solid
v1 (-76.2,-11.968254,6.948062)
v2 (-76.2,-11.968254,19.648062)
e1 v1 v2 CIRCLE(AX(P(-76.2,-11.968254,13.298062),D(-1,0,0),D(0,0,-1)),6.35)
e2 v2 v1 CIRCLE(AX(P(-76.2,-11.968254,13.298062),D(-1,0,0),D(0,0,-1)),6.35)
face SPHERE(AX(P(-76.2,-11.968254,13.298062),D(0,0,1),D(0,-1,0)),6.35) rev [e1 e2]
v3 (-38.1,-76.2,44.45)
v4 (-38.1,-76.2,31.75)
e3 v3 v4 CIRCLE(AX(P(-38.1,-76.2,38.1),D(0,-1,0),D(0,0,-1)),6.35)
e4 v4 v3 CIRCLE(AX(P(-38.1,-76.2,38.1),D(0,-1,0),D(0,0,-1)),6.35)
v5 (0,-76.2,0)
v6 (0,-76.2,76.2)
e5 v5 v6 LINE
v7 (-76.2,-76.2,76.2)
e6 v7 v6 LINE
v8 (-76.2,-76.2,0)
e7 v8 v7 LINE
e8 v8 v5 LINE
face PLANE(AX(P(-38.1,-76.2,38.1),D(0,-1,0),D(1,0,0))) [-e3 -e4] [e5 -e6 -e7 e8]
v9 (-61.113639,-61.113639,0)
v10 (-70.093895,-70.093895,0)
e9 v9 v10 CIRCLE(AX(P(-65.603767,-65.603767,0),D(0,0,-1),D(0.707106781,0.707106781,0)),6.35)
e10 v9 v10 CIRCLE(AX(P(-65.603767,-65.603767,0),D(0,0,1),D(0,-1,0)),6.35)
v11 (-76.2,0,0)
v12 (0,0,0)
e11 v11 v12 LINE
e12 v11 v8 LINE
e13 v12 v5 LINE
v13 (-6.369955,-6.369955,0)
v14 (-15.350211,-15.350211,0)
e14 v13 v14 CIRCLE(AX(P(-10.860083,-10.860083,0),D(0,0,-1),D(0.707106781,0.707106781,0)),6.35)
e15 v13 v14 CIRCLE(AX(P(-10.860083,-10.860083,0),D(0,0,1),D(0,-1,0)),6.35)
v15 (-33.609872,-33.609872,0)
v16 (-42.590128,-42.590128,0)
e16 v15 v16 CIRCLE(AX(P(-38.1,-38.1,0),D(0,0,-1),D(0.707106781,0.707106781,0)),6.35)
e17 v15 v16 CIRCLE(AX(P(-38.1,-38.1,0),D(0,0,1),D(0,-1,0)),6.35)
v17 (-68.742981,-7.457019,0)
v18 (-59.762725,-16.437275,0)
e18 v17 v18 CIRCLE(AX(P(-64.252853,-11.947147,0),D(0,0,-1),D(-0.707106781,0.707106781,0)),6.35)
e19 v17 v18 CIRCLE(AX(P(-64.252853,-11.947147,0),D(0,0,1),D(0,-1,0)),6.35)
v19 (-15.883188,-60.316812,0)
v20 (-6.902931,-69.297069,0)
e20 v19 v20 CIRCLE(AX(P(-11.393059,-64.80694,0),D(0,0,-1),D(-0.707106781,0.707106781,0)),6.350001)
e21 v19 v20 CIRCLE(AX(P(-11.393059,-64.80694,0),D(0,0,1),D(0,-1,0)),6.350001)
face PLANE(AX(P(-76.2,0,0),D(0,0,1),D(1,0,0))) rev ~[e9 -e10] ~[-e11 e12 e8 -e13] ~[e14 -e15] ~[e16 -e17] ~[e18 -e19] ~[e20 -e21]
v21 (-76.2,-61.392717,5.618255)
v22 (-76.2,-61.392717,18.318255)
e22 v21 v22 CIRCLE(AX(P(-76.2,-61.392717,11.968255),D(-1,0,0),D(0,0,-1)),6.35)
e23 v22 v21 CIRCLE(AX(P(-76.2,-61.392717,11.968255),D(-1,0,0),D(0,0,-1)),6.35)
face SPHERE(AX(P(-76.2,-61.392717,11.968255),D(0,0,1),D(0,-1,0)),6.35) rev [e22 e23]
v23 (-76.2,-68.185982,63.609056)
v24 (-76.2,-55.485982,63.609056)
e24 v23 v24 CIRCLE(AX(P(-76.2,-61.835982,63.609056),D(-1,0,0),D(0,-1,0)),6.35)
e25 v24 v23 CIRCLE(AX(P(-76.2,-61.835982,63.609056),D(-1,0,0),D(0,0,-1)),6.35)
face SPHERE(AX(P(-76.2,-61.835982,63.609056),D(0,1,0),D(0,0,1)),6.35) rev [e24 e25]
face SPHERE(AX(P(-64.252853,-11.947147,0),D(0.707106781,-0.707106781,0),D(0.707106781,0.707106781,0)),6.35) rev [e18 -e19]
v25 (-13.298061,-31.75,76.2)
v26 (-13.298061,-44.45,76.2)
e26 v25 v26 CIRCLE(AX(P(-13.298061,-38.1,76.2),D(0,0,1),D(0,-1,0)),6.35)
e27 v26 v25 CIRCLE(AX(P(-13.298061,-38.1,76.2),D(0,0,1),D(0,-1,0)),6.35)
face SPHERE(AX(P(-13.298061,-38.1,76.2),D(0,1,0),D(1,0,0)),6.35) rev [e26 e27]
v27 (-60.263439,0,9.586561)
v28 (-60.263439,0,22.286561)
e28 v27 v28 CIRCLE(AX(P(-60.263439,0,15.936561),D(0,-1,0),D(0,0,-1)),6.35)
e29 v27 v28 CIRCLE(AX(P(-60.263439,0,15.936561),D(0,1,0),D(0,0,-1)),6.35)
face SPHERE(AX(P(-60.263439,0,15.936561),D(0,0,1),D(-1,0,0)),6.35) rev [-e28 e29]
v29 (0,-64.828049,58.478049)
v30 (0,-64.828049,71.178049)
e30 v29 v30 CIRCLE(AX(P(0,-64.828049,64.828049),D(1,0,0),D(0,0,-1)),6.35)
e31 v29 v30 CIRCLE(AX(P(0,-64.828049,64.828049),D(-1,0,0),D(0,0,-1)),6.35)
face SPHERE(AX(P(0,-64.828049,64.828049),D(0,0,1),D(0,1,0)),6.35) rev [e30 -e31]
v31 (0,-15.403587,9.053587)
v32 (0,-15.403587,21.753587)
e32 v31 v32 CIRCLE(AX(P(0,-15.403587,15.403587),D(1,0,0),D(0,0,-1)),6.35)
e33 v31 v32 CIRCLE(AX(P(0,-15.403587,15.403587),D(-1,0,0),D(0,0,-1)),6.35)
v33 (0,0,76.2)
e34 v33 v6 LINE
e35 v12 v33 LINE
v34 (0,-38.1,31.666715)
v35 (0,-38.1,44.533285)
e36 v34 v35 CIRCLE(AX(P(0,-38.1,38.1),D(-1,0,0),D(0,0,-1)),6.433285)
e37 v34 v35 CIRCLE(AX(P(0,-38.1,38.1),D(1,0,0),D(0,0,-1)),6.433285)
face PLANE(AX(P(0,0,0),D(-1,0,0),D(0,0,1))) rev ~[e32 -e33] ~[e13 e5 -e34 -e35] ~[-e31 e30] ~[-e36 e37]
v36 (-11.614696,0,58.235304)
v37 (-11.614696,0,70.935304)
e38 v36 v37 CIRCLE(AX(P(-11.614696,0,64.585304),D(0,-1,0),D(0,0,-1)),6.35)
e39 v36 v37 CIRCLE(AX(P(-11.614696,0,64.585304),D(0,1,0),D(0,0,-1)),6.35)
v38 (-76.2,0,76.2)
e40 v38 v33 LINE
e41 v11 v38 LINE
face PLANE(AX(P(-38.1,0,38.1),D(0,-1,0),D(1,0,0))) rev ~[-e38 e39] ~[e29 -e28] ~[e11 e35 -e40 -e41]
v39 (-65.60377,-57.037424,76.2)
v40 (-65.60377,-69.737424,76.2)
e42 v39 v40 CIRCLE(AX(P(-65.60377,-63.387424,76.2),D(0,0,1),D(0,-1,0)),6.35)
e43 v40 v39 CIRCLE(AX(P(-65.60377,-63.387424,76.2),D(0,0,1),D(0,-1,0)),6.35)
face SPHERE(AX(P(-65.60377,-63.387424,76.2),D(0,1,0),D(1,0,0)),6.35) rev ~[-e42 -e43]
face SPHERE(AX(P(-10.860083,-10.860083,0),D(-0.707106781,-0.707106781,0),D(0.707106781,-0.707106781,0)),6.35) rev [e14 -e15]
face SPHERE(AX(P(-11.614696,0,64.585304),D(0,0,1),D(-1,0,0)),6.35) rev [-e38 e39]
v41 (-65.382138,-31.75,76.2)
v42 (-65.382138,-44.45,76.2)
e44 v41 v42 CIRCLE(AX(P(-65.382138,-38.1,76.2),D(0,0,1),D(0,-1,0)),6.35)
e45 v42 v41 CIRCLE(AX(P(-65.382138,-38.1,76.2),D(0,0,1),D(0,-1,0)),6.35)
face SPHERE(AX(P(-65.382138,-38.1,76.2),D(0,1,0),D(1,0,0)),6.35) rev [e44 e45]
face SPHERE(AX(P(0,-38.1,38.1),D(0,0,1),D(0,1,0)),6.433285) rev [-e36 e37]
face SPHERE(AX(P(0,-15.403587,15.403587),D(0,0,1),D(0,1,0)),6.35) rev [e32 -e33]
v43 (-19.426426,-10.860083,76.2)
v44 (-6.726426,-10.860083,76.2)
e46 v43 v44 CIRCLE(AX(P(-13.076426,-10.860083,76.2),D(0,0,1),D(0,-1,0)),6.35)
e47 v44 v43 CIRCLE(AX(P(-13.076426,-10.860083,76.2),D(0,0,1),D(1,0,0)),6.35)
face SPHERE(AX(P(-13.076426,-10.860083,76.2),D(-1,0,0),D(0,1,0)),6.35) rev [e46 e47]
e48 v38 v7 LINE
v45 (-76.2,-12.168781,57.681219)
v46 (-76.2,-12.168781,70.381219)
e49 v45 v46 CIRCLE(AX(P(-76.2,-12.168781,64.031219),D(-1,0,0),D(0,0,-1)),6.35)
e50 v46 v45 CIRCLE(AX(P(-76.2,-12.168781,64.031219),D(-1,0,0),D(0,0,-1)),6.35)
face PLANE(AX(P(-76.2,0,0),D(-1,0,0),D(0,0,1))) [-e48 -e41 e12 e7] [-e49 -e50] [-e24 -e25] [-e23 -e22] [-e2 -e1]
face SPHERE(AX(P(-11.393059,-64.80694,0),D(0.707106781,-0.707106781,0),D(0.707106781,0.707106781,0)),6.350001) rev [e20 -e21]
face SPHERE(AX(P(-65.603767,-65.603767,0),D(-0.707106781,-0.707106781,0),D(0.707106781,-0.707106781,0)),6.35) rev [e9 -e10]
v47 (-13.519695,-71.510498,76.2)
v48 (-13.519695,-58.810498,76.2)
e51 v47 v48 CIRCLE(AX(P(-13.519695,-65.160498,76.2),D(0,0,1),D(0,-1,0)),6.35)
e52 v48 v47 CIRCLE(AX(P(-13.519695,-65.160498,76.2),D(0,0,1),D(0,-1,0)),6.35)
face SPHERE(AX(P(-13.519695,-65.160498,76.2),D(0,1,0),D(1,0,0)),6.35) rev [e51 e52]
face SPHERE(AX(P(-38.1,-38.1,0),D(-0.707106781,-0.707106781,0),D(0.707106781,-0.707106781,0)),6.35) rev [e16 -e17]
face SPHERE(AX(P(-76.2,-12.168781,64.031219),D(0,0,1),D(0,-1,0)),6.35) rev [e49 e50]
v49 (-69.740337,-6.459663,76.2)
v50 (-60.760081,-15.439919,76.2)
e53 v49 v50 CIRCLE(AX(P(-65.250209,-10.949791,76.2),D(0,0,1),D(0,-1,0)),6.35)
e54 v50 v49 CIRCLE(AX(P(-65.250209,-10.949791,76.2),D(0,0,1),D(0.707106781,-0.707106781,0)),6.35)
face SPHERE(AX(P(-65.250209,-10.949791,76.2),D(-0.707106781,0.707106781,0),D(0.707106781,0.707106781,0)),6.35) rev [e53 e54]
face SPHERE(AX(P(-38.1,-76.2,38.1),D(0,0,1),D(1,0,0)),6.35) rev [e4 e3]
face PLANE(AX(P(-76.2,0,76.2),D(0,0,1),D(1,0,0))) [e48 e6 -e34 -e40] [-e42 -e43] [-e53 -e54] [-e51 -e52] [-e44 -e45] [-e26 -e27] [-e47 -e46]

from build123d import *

# Parameters (mm, degrees)
F0_W     = 76.2
F0_H     = 76.2
F1_DEPTH = 76.2


with BuildPart() as f1:
    # F0 (on Front) → F1 (new body)
    with BuildSketch(Plane.XZ):
        with Locations((-38.1, 38.1)):
            Rectangle(F0_W, F0_H)
    extrude(amount=F1_DEPTH)

    # F2 (on face) → F3 (revolve, cut)
    with BuildSketch(Plane.XZ.offset(76.2)):
        with BuildLine():
            ThreePointArc((-38.1, 31.75), (-31.75, 38.1), (-38.1, 44.45))
            Line((-38.1, 44.45), (-38.1, 31.75))
        make_face()
    revolve(axis=Axis((-38.1, -76.2, 38.1), (0, 0, -1)), mode=Mode.SUBTRACT)

    # F4 (on face) → F5 (revolve, cut)
    with BuildSketch(Plane(origin=(0, 0, 0), x_dir=(-1, 0, 0), z_dir=(0, 1, 0))):
        with BuildLine():
            Line((11.614696, 70.935304), (11.614696, 58.235304))
            ThreePointArc((11.614696, 58.235304), (17.964696, 64.585304), (11.614696, 70.935304))
        make_face()
    revolve(axis=Axis((-11.614696, 0, 38.1), (0, 0, -1)), mode=Mode.SUBTRACT)

    # F6 (on face) → F7 (revolve, cut)
    with BuildSketch(Plane(origin=(0, 0, 0), x_dir=(-1, 0, 0), z_dir=(0, 1, 0))):
        with BuildLine():
            Line((60.263439, 22.286561), (60.263439, 9.586561))
            ThreePointArc((60.263439, 9.586561), (66.613439, 15.936561), (60.263439, 22.286561))
        make_face()
    revolve(axis=Axis((-60.263439, 0, 38.1), (0, 0, -1)), mode=Mode.SUBTRACT)

    # F8 (on face) → F9 (revolve, cut)
    with BuildSketch(Plane.YZ):
        with BuildLine():
            Line((-64.828049, 71.178049), (-64.828049, 58.478049))
            ThreePointArc((-64.828049, 58.478049), (-58.478049, 64.828049), (-64.828049, 71.178049))
        make_face()
    revolve(axis=Axis((0, -64.828049, 38.1), (0, 0, -1)), mode=Mode.SUBTRACT)

    # F10 (on face) → F11 (revolve, cut)
    with BuildSketch(Plane.YZ):
        with BuildLine():
            Line((-38.1, 44.533285), (-38.1, 31.666715))
            ThreePointArc((-38.1, 31.666715), (-31.666715, 38.1), (-38.1, 44.533285))
        make_face()
    revolve(axis=Axis((0, -38.1, 38.1), (0, 0, -1)), mode=Mode.SUBTRACT)

    # F12 (on face) → F13 (revolve, cut)
    with BuildSketch(Plane.YZ):
        with BuildLine():
            Line((-15.403587, 21.753587), (-15.403587, 9.053587))
            ThreePointArc((-15.403587, 9.053587), (-9.053587, 15.403587), (-15.403587, 21.753587))
        make_face()
    revolve(axis=Axis((0, -15.403587, 38.1), (0, 0, -1)), mode=Mode.SUBTRACT)

    # F14 (on face) → F15 (revolve, cut)
    with BuildSketch(Plane(origin=(-76.2, 0, 0), x_dir=(0, -1, 0), z_dir=(-1, 0, 0))):
        with BuildLine():
            Line((12.168781, 70.381219), (12.168781, 57.681219))
            ThreePointArc((12.168781, 57.681219), (18.518781, 64.031219), (12.168781, 70.381219))
        make_face()
    revolve(axis=Axis((-76.2, -12.168781, 38.1), (0, 0, -1)), mode=Mode.SUBTRACT)

    # F16 (on face) → F17 (revolve, cut)
    with BuildSketch(Plane(origin=(-76.2, 0, 0), x_dir=(0, -1, 0), z_dir=(-1, 0, 0))):
        with BuildLine():
            ThreePointArc((11.968254, 6.948062), (18.318254, 13.298062), (11.968254, 19.648062))
            Line((11.968254, 19.648062), (11.968254, 6.948062))
        make_face()
    revolve(axis=Axis((-76.2, -11.968254, 38.1), (0, 0, -1)), mode=Mode.SUBTRACT)

    # F18 (on face) → F19 (revolve, cut)
    with BuildSketch(Plane(origin=(-76.2, 0, 0), x_dir=(0, -1, 0), z_dir=(-1, 0, 0))):
        with BuildLine():
            ThreePointArc((68.185982, 63.609056), (61.835982, 69.959056), (55.485982, 63.609056))
            Line((55.485982, 63.609056), (68.185982, 63.609056))
        make_face()
    revolve(axis=Axis((-76.2, -38.1, 63.609056), (0, -1, 0)), mode=Mode.SUBTRACT)

    # F20 (on face) → F21 (revolve, cut)
    with BuildSketch(Plane(origin=(-76.2, 0, 0), x_dir=(0, -1, 0), z_dir=(-1, 0, 0))):
        with BuildLine():
            ThreePointArc((61.392717, 5.618255), (67.742717, 11.968255), (61.392717, 18.318255))
            Line((61.392717, 18.318255), (61.392717, 5.618255))
        make_face()
    revolve(axis=Axis((-76.2, -61.392717, 38.1), (0, 0, -1)), mode=Mode.SUBTRACT)

    # F22 (on face) → F23 (revolve, cut)
    with BuildSketch(Plane(origin=(0, 0, 0), x_dir=(1, 0, 0), z_dir=(0, 0, -1))):
        with BuildLine():
            ThreePointArc((-61.113639, 61.113639), (-61.113639, 70.093895), (-70.093895, 70.093895))
            Line((-70.093895, 70.093895), (-61.113639, 61.113639))
        make_face()
    revolve(axis=Axis((-38.1, -38.1, 0), (0.707107, 0.707107, 0)), mode=Mode.SUBTRACT)

    # F24 (on face) → F25 (revolve, cut)
    with BuildSketch(Plane(origin=(0, 0, 0), x_dir=(1, 0, 0), z_dir=(0, 0, -1))):
        with BuildLine():
            ThreePointArc((-33.609872, 33.609872), (-33.609872, 42.590128), (-42.590128, 42.590128))
            Line((-42.590128, 42.590128), (-33.609872, 33.609872))
        make_face()
    revolve(axis=Axis((-38.1, -38.1, 0), (0.707107, 0.707107, 0)), mode=Mode.SUBTRACT)

    # F26 (on face) → F27 (revolve, cut)
    with BuildSketch(Plane(origin=(0, 0, 0), x_dir=(1, 0, 0), z_dir=(0, 0, -1))):
        with BuildLine():
            ThreePointArc((-6.369955, 6.369955), (-6.369955, 15.350211), (-15.350211, 15.350211))
            Line((-15.350211, 15.350211), (-6.369955, 6.369955))
        make_face()
    revolve(axis=Axis((-38.1, -38.1, 0), (0.707107, 0.707107, 0)), mode=Mode.SUBTRACT)

    # F28 (on face) → F29 (revolve, cut)
    with BuildSketch(Plane(origin=(0, 0, 0), x_dir=(1, 0, 0), z_dir=(0, 0, -1))):
        with BuildLine():
            ThreePointArc((-68.742981, 7.457019), (-59.762725, 7.457019), (-59.762725, 16.437275))
            Line((-59.762725, 16.437275), (-68.742981, 7.457019))
        make_face()
    revolve(axis=Axis((-38.1, -38.1, 0), (-0.707107, 0.707107, 0)), mode=Mode.SUBTRACT)

    # F30 (on face) → F31 (revolve, cut)
    with BuildSketch(Plane(origin=(0, 0, 0), x_dir=(1, 0, 0), z_dir=(0, 0, -1))):
        with BuildLine():
            ThreePointArc((-15.883188, 60.316812), (-6.902931, 60.316812), (-6.902931, 69.297069))
            Line((-6.902931, 69.297069), (-15.883188, 60.316812))
        make_face()
    revolve(axis=Axis((-38.1, -38.1, 0), (-0.707107, 0.707107, 0)), mode=Mode.SUBTRACT)

    # F32 (on face) → F33 (revolve, cut)
    with BuildSketch(Plane.XY.offset(76.2)):
        with BuildLine():
            ThreePointArc((-60.760081, -15.439919), (-60.760081, -6.459663), (-69.740337, -6.459663))
            Line((-69.740337, -6.459663), (-60.760081, -15.439919))
        make_face()
    revolve(axis=Axis((-38.1, -38.1, 76.2), (0.707107, -0.707107, 0)), mode=Mode.SUBTRACT)

    # F34 (on face) → F35 (revolve, cut)
    with BuildSketch(Plane.XY.offset(76.2)):
        with BuildLine():
            ThreePointArc((-65.382138, -44.45), (-59.032138, -38.1), (-65.382138, -31.75))
            Line((-65.382138, -31.75), (-65.382138, -44.45))
        make_face()
    revolve(axis=Axis((-65.382138, -38.1, 76.2), (0, -1, 0)), mode=Mode.SUBTRACT)

    # F36 (on face) → F37 (revolve, cut)
    with BuildSketch(Plane.XY.offset(76.2)):
        with BuildLine():
            Line((-65.60377, -57.037424), (-65.60377, -69.737424))
            ThreePointArc((-65.60377, -69.737424), (-59.25377, -63.387424), (-65.60377, -57.037424))
        make_face()
    revolve(axis=Axis((-65.60377, -38.1, 76.2), (0, 1, 0)), mode=Mode.SUBTRACT)

    # F38 (on face) → F39 (revolve, cut)
    with BuildSketch(Plane.XY.offset(76.2)):
        with BuildLine():
            ThreePointArc((-6.726426, -10.860083), (-13.076426, -4.510083), (-19.426426, -10.860083))
            Line((-19.426426, -10.860083), (-6.726426, -10.860083))
        make_face()
    revolve(axis=Axis((-38.1, -10.860083, 76.2), (1, 0, 0)), mode=Mode.SUBTRACT)

    # F40 (on face) → F41 (revolve, cut)
    with BuildSketch(Plane.XY.offset(76.2)):
        with BuildLine():
            ThreePointArc((-13.298061, -44.45), (-6.948061, -38.1), (-13.298061, -31.75))
            Line((-13.298061, -31.75), (-13.298061, -44.45))
        make_face()
    revolve(axis=Axis((-13.298061, -38.1, 76.2), (0, -1, 0)), mode=Mode.SUBTRACT)

    # F42 (on face) → F43 (revolve, cut)
    with BuildSketch(Plane.XY.offset(76.2)):
        with BuildLine():
            ThreePointArc((-13.519695, -71.510498), (-7.169695, -65.160498), (-13.519695, -58.810498))
            Line((-13.519695, -58.810498), (-13.519695, -71.510498))
        make_face()
    revolve(axis=Axis((-13.519695, -38.1, 76.2), (0, -1, 0)), mode=Mode.SUBTRACT)


solid = f1.part
